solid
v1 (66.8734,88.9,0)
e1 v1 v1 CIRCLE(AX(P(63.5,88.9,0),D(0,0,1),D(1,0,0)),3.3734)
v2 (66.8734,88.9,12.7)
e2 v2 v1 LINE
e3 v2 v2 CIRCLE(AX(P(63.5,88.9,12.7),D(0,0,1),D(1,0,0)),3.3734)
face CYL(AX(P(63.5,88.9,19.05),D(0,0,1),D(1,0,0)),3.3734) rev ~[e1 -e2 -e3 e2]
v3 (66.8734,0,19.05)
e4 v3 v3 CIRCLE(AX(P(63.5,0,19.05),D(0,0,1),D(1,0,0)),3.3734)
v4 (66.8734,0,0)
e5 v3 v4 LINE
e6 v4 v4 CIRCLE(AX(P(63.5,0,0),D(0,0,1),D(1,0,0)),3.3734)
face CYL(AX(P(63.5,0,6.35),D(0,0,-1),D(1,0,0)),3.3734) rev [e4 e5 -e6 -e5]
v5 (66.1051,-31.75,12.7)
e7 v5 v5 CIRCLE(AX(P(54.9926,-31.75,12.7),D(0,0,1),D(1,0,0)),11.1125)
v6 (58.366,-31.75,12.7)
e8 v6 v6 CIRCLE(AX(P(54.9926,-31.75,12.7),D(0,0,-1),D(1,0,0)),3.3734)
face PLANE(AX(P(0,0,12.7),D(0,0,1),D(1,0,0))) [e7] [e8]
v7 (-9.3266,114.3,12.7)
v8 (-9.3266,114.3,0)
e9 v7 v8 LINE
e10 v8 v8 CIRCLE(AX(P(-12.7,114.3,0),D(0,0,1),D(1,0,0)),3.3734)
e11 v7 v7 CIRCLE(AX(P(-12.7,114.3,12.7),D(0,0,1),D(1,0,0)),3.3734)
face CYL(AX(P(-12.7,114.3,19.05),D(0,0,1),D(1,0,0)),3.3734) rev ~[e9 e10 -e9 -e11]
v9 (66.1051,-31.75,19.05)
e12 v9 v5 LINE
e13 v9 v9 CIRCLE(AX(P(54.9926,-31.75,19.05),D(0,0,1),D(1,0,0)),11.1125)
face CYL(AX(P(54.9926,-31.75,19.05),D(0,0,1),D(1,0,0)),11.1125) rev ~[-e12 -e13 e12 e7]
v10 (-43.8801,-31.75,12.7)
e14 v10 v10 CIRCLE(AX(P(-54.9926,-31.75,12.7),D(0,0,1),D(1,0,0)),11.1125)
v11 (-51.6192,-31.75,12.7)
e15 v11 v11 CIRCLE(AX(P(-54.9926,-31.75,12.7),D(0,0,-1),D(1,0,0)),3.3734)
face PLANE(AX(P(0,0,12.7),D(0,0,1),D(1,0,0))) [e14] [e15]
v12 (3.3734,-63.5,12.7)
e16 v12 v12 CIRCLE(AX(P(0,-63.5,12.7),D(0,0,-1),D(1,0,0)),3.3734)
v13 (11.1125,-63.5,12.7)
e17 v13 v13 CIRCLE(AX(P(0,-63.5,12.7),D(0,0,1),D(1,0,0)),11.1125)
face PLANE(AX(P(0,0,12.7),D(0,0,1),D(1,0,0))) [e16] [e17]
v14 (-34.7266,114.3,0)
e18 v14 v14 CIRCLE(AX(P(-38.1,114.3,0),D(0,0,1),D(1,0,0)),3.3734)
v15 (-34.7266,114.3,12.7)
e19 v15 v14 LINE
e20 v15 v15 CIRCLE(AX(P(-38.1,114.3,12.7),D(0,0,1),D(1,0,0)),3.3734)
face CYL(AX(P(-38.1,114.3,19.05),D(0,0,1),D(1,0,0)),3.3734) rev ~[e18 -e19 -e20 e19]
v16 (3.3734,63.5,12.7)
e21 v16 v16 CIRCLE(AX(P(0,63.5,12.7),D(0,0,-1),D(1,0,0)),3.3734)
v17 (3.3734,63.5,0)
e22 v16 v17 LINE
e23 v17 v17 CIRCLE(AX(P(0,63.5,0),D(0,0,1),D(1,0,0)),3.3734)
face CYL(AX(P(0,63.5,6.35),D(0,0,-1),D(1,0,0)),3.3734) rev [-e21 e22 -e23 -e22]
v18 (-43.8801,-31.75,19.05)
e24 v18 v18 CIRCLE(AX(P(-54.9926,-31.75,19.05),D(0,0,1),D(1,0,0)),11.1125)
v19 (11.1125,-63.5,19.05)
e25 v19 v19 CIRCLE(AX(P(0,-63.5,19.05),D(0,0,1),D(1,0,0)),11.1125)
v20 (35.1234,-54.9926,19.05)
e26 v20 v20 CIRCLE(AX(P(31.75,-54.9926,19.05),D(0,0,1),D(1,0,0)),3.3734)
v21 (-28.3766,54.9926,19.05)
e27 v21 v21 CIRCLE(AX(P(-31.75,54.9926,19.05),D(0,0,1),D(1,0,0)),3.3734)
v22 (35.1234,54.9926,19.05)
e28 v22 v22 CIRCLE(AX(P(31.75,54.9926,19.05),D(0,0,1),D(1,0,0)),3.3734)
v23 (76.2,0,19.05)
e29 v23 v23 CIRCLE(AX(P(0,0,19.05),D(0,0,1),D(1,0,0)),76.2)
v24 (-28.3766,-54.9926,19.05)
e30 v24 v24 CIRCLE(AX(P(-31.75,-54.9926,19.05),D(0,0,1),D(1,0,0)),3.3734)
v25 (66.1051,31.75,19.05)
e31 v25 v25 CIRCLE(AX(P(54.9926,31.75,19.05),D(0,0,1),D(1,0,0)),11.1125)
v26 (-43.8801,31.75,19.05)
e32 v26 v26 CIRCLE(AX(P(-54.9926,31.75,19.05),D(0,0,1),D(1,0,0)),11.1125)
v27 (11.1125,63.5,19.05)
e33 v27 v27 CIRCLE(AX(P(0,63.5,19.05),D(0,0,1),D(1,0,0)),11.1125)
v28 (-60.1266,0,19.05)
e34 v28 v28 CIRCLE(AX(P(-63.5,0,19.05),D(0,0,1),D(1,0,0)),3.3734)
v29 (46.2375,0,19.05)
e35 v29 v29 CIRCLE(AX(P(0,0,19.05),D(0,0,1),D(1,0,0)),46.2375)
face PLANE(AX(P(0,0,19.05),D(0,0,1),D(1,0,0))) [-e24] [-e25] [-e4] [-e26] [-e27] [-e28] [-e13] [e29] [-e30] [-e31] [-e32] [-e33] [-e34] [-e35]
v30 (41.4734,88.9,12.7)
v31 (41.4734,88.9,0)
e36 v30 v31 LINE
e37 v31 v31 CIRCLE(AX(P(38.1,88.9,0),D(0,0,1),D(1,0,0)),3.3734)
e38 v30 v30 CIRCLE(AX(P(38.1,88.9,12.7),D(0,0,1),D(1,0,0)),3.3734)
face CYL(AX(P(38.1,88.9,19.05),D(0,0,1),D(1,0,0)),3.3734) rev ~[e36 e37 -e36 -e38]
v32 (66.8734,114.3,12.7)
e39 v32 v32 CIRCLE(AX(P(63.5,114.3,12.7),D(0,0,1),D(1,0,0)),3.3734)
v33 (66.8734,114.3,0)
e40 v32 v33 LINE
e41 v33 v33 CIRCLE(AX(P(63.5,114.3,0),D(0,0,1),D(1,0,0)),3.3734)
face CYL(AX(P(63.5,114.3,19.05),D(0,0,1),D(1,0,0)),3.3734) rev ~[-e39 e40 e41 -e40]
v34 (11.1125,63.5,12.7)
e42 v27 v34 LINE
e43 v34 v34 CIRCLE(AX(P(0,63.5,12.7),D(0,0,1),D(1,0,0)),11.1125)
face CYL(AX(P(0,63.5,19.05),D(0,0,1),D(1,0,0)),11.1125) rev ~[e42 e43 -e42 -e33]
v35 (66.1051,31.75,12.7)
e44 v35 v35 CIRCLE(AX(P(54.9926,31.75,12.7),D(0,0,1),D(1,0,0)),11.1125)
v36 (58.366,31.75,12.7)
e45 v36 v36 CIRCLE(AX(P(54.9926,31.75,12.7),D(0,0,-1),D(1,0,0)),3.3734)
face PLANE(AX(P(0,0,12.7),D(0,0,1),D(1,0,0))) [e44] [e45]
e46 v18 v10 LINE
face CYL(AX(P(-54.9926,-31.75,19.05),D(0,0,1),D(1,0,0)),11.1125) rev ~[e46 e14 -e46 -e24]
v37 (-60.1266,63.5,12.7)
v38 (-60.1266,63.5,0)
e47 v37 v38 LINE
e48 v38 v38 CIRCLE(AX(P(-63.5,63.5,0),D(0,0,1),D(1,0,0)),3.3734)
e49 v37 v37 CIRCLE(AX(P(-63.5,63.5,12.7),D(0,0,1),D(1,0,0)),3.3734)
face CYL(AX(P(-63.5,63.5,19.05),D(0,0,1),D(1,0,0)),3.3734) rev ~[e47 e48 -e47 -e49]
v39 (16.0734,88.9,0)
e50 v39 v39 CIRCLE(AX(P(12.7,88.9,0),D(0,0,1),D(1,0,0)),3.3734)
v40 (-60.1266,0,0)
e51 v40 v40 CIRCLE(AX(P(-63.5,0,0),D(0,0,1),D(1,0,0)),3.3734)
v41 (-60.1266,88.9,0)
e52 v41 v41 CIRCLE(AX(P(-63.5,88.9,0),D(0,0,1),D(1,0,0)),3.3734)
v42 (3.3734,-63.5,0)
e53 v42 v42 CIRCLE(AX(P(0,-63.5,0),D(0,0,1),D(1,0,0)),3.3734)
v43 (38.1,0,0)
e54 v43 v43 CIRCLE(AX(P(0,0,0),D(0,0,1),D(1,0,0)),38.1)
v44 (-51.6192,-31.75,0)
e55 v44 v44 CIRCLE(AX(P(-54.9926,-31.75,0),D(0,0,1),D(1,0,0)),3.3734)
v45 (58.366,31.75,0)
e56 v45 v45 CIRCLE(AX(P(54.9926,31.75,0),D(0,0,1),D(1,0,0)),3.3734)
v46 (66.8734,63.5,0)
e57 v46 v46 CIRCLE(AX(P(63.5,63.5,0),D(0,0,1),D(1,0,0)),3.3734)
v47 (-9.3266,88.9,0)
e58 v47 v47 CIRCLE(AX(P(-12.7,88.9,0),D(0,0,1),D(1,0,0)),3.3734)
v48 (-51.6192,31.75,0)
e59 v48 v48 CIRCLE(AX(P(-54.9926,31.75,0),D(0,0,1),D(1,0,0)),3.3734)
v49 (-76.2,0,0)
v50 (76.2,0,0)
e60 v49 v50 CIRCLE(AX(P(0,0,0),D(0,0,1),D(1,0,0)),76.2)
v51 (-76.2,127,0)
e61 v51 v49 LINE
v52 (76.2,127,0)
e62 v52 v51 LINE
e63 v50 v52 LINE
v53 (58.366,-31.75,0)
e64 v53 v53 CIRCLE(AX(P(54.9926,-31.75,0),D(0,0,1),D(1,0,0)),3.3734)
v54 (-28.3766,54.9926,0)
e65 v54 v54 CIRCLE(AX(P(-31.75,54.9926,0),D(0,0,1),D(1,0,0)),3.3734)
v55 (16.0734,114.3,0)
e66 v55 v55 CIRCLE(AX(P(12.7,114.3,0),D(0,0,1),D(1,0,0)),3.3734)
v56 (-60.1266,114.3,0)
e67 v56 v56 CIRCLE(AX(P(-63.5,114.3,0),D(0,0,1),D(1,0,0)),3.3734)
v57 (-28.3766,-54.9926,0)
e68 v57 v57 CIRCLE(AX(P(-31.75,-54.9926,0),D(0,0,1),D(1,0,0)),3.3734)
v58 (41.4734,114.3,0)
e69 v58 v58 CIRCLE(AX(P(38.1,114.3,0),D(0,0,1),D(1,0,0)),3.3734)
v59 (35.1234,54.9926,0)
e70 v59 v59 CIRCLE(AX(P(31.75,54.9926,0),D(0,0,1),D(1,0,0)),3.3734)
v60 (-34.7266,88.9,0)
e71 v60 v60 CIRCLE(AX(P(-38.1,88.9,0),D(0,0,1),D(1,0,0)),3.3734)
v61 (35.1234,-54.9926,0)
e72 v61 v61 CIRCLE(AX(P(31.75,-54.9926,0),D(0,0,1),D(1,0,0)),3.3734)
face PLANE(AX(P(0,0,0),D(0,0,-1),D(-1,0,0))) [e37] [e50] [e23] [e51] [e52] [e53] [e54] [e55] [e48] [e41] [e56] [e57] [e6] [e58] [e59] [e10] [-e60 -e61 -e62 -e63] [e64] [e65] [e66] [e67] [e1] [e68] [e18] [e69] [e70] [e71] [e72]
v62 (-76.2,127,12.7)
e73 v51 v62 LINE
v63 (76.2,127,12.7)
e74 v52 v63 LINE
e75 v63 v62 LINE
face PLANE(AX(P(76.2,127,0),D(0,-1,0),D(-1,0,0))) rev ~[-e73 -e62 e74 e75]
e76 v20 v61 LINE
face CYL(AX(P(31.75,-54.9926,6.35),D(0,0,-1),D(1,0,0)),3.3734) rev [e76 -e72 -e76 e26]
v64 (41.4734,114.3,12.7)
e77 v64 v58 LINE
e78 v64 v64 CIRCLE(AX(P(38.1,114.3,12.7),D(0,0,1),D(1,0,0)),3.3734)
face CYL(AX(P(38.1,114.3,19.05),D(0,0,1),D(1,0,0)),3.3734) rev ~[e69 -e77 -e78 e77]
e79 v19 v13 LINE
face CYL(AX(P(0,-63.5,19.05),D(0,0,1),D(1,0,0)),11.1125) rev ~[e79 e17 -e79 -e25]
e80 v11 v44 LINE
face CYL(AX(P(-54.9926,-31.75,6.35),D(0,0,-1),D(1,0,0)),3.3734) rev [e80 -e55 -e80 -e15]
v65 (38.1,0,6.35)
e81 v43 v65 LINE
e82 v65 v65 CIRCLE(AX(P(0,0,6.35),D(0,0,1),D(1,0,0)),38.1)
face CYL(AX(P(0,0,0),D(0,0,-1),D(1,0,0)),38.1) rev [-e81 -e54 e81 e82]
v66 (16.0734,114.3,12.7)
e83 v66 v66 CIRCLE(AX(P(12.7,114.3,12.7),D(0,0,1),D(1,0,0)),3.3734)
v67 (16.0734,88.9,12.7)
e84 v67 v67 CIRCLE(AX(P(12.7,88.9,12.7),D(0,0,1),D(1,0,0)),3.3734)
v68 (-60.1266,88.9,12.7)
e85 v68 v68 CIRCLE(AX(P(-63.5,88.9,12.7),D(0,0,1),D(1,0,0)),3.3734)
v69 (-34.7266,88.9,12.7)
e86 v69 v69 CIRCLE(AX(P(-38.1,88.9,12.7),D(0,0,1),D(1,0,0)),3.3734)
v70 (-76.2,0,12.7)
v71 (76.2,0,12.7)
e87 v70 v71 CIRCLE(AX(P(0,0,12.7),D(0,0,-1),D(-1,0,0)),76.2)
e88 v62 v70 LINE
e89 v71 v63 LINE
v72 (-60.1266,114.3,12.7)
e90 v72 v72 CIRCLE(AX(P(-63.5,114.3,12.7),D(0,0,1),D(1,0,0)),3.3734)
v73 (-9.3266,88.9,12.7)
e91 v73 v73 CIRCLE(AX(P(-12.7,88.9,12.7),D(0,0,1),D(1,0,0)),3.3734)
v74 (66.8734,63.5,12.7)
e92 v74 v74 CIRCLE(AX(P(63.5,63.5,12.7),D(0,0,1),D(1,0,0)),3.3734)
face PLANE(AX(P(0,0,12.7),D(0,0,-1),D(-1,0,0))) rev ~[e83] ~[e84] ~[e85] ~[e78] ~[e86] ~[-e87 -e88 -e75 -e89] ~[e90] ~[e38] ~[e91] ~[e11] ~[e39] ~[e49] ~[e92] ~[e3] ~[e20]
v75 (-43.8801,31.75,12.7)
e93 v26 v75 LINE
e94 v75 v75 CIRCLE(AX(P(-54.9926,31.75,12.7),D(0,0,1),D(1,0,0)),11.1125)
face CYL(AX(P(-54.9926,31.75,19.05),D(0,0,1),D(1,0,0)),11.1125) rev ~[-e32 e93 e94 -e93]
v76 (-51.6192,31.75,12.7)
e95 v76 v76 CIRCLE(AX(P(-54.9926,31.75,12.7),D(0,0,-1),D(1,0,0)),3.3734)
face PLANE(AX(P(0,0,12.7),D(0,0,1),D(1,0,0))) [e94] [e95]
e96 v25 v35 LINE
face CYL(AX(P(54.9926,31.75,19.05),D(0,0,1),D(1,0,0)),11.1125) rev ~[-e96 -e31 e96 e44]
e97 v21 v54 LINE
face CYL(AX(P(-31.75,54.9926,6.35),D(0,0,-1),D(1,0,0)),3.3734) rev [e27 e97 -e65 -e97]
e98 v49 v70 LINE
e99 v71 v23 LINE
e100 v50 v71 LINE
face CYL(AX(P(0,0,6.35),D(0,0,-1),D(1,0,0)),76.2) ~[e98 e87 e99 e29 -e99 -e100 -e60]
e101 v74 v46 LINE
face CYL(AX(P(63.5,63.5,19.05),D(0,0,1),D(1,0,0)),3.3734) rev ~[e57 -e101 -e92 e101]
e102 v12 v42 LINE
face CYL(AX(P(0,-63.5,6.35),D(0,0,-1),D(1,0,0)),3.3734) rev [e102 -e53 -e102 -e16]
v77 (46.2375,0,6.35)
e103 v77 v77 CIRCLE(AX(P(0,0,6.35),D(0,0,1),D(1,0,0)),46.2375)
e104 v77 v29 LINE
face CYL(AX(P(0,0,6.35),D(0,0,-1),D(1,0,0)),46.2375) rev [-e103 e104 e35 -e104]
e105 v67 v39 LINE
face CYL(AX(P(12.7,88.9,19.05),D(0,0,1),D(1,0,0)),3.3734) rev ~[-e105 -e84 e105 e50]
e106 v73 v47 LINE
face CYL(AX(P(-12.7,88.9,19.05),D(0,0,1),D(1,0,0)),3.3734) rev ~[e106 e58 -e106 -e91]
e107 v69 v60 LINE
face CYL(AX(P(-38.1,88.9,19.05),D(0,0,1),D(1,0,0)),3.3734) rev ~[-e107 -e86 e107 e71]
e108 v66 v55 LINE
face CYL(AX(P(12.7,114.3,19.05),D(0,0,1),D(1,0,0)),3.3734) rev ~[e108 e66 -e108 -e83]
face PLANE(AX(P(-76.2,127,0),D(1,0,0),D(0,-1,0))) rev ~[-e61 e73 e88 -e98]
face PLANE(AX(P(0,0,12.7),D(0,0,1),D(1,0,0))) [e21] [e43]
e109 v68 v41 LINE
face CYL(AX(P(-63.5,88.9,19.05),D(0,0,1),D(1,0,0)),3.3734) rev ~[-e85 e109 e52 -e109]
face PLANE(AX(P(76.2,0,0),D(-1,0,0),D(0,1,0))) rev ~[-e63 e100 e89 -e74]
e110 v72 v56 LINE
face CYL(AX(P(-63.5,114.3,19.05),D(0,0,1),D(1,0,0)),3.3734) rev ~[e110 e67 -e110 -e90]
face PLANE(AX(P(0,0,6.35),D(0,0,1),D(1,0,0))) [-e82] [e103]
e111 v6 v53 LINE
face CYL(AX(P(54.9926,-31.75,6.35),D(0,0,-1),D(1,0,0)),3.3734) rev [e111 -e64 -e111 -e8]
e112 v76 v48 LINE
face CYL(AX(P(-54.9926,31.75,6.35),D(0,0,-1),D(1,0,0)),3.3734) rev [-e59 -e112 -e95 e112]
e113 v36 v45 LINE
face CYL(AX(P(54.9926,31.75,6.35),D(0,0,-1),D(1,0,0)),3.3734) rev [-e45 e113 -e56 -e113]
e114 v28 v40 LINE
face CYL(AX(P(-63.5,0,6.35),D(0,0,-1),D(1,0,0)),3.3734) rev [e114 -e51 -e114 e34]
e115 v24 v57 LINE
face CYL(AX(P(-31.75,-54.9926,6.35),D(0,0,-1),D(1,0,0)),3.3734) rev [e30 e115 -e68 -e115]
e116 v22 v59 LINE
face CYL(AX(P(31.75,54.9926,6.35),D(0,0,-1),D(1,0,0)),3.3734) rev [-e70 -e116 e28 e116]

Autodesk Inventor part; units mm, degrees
ref_plane "YZ Plane" through (0, 0, 0) normal (1, 0, 0) x (0, 1, 0)
ref_plane "XZ Plane" through (0, 0, 0) normal (0, 1, 0) x (-1, 0, 0)
ref_plane "XY Plane" through (0, 0, 0) normal (0, 0, 1) x (1, 0, 0)
sketch "Sketch1" plane through (0, 0, 0) normal (0, 0, 1) x (1, 0, 0)
  circle A0 centre (0, 0) radius 76.2
  circle A1 centre (0, 63.5) radius 3.3734
  circle A2 centre (0, 0) radius 38.1
  circle A3 centre (-31.75, 54.9926) radius 3.3734
  circle A4 centre (-54.9926, 31.75) radius 3.3734
  circle A5 centre (-63.5, 0) radius 3.3734
  circle A6 centre (-54.9926, -31.75) radius 3.3734
  circle A7 centre (-31.75, -54.9926) radius 3.3734
  circle A8 centre (0, -63.5) radius 3.3734
  circle A9 centre (31.75, -54.9926) radius 3.3734
  circle A10 centre (54.9926, -31.75) radius 3.3734
  circle A11 centre (63.5, 0) radius 3.3734
  circle A12 centre (54.9926, 31.75) radius 3.3734
  circle A13 centre (31.75, 54.9926) radius 3.3734
  dimension "d0" = 63.5
  dimension "d1" = 152.4
  dimension "d2" = 6.7469
  dimension "d3" = 76.2
  dimension "d6" = 360
extrude "Extrusion1" add sketch "Sketch1" along normal blind 6.35
sketch "Sketch2" plane through (0, 0, 6.35) normal (0, 0, 1) x (1, 0, 0)
  circle A0 centre (0, 0) radius 46.2375
  circle A1 centre (0, 0) radius 52.5875
  dimension "d10" = 92.475
  dimension "d11" = 6.35
extrude "Extrusion2" add sketch "Sketch2" along normal blind 12.7
sketch "Sketch3" plane through (0, 0, 6.35) normal (0, 0, 1) x (1, 0, 0)
  circle A0 centre (0, 63.5) radius 3.3734 projected
  circle A1 centre (-54.9926, 31.75) radius 3.3734 projected
  circle A2 centre (54.9926, -31.75) radius 3.3734 projected
  circle A3 centre (0, -63.5) radius 3.3734 projected
  circle A4 centre (-63.5, 0) radius 3.3734 projected
  circle A5 centre (31.75, 54.9926) radius 3.3734 projected
  circle A6 centre (-31.75, 54.9926) radius 3.3734 projected
  circle A7 centre (54.9926, 31.75) radius 3.3734 projected
  circle A8 centre (-31.75, -54.9926) radius 3.3734 projected
  circle A9 centre (-54.9926, -31.75) radius 3.3734 projected
  circle A10 centre (31.75, -54.9926) radius 3.3734 projected
  circle A11 centre (63.5, 0) radius 3.3734 projected
  circle A12 centre (0, 0) radius 76.2 projected
  circle A13 centre (0, 0) radius 52.5875 projected
extrude "Extrusion3" add sketch "Sketch3" along normal blind 12.7
sketch "Sketch4" plane through (0, 0, 19.05) normal (0, 0, 1) x (1, 0, 0)
  circle A0 centre (0, 63.5) radius 3.3734 construction
  circle A1 centre (0, 63.5) radius 11.1125
  circle A2 centre (-54.9926, 31.75) radius 11.1125
  circle A3 centre (-54.9926, -31.75) radius 11.1125
  circle A4 centre (0, -63.5) radius 11.1125
  circle A5 centre (54.9926, -31.75) radius 11.1125
  circle A6 centre (54.9926, 31.75) radius 11.1125
  point P0 (0, 0)
  dimension "d16" = 22.225
  dimension "d19" = 360
extrude "Extrusion4" cut sketch "Sketch4" against normal blind 6.35
sketch "Sketch5" plane through (0, 0, 0) normal (0, 0, -1) x (-1, 0, 0)
  circle A0 centre (0, 0) radius 76.2 projected
  line L0 (-76.2, 0) -> (-76.2, 127)
  line L1 (-76.2, 127) -> (76.2, 127)
  line L2 (76.2, 127) -> (76.2, 0)
  circle A1 centre (0, 0) radius 76.2 projected
  dimension "d23" = 127
extrude "Extrusion5" add sketch "Sketch5" against normal blind 12.7 contours A0 L0 L1 L2
sketch "Sketch6" plane through (0, 0, 19.05) normal (0, 0, 1) x (1, 0, 0)
  circle A0 centre (-63.5, 114.3) radius 3.3734
  line L0 (-76.2, 127) -> (-76.2, 0) projected
  line L1 (76.2, 127) -> (-76.2, 127) projected
  circle A1 centre (-63.5, 88.9) radius 3.3734
  circle A2 centre (-63.5, 63.5) radius 3.3734
  circle A3 centre (-38.1, 114.3) radius 3.3734
  circle A4 centre (-38.1, 88.9) radius 3.3734
  circle A5 centre (-38.1, 63.5) radius 3.3734
  circle A6 centre (-12.7, 114.3) radius 3.3734
  circle A7 centre (-12.7, 88.9) radius 3.3734
  circle A8 centre (-12.7, 63.5) radius 3.3734
  circle A9 centre (12.7, 114.3) radius 3.3734
  circle A10 centre (12.7, 88.9) radius 3.3734
  circle A11 centre (12.7, 63.5) radius 3.3734
  circle A12 centre (38.1, 114.3) radius 3.3734
  circle A13 centre (38.1, 88.9) radius 3.3734
  circle A14 centre (38.1, 63.5) radius 3.3734
  circle A15 centre (63.5, 114.3) radius 3.3734
  circle A16 centre (63.5, 88.9) radius 3.3734
  circle A17 centre (63.5, 63.5) radius 3.3734
  point P0 (0, 0)
  dimension "d26" = 6.7469
  dimension "d27" = 63.5
  dimension "d28" = 114.3
  dimension "d31" = 25.4
  dimension "d34" = 25.4
extrude "Extrusion6" cut sketch "Sketch6" against normal through all contours A0 | A1 | A2 | A3 | A4 | A6 | A7 | A9 | A10 | A12 | A13 | A15 | A16 | A17
properties part number "28521_Bearing_Holder_Shooter"
